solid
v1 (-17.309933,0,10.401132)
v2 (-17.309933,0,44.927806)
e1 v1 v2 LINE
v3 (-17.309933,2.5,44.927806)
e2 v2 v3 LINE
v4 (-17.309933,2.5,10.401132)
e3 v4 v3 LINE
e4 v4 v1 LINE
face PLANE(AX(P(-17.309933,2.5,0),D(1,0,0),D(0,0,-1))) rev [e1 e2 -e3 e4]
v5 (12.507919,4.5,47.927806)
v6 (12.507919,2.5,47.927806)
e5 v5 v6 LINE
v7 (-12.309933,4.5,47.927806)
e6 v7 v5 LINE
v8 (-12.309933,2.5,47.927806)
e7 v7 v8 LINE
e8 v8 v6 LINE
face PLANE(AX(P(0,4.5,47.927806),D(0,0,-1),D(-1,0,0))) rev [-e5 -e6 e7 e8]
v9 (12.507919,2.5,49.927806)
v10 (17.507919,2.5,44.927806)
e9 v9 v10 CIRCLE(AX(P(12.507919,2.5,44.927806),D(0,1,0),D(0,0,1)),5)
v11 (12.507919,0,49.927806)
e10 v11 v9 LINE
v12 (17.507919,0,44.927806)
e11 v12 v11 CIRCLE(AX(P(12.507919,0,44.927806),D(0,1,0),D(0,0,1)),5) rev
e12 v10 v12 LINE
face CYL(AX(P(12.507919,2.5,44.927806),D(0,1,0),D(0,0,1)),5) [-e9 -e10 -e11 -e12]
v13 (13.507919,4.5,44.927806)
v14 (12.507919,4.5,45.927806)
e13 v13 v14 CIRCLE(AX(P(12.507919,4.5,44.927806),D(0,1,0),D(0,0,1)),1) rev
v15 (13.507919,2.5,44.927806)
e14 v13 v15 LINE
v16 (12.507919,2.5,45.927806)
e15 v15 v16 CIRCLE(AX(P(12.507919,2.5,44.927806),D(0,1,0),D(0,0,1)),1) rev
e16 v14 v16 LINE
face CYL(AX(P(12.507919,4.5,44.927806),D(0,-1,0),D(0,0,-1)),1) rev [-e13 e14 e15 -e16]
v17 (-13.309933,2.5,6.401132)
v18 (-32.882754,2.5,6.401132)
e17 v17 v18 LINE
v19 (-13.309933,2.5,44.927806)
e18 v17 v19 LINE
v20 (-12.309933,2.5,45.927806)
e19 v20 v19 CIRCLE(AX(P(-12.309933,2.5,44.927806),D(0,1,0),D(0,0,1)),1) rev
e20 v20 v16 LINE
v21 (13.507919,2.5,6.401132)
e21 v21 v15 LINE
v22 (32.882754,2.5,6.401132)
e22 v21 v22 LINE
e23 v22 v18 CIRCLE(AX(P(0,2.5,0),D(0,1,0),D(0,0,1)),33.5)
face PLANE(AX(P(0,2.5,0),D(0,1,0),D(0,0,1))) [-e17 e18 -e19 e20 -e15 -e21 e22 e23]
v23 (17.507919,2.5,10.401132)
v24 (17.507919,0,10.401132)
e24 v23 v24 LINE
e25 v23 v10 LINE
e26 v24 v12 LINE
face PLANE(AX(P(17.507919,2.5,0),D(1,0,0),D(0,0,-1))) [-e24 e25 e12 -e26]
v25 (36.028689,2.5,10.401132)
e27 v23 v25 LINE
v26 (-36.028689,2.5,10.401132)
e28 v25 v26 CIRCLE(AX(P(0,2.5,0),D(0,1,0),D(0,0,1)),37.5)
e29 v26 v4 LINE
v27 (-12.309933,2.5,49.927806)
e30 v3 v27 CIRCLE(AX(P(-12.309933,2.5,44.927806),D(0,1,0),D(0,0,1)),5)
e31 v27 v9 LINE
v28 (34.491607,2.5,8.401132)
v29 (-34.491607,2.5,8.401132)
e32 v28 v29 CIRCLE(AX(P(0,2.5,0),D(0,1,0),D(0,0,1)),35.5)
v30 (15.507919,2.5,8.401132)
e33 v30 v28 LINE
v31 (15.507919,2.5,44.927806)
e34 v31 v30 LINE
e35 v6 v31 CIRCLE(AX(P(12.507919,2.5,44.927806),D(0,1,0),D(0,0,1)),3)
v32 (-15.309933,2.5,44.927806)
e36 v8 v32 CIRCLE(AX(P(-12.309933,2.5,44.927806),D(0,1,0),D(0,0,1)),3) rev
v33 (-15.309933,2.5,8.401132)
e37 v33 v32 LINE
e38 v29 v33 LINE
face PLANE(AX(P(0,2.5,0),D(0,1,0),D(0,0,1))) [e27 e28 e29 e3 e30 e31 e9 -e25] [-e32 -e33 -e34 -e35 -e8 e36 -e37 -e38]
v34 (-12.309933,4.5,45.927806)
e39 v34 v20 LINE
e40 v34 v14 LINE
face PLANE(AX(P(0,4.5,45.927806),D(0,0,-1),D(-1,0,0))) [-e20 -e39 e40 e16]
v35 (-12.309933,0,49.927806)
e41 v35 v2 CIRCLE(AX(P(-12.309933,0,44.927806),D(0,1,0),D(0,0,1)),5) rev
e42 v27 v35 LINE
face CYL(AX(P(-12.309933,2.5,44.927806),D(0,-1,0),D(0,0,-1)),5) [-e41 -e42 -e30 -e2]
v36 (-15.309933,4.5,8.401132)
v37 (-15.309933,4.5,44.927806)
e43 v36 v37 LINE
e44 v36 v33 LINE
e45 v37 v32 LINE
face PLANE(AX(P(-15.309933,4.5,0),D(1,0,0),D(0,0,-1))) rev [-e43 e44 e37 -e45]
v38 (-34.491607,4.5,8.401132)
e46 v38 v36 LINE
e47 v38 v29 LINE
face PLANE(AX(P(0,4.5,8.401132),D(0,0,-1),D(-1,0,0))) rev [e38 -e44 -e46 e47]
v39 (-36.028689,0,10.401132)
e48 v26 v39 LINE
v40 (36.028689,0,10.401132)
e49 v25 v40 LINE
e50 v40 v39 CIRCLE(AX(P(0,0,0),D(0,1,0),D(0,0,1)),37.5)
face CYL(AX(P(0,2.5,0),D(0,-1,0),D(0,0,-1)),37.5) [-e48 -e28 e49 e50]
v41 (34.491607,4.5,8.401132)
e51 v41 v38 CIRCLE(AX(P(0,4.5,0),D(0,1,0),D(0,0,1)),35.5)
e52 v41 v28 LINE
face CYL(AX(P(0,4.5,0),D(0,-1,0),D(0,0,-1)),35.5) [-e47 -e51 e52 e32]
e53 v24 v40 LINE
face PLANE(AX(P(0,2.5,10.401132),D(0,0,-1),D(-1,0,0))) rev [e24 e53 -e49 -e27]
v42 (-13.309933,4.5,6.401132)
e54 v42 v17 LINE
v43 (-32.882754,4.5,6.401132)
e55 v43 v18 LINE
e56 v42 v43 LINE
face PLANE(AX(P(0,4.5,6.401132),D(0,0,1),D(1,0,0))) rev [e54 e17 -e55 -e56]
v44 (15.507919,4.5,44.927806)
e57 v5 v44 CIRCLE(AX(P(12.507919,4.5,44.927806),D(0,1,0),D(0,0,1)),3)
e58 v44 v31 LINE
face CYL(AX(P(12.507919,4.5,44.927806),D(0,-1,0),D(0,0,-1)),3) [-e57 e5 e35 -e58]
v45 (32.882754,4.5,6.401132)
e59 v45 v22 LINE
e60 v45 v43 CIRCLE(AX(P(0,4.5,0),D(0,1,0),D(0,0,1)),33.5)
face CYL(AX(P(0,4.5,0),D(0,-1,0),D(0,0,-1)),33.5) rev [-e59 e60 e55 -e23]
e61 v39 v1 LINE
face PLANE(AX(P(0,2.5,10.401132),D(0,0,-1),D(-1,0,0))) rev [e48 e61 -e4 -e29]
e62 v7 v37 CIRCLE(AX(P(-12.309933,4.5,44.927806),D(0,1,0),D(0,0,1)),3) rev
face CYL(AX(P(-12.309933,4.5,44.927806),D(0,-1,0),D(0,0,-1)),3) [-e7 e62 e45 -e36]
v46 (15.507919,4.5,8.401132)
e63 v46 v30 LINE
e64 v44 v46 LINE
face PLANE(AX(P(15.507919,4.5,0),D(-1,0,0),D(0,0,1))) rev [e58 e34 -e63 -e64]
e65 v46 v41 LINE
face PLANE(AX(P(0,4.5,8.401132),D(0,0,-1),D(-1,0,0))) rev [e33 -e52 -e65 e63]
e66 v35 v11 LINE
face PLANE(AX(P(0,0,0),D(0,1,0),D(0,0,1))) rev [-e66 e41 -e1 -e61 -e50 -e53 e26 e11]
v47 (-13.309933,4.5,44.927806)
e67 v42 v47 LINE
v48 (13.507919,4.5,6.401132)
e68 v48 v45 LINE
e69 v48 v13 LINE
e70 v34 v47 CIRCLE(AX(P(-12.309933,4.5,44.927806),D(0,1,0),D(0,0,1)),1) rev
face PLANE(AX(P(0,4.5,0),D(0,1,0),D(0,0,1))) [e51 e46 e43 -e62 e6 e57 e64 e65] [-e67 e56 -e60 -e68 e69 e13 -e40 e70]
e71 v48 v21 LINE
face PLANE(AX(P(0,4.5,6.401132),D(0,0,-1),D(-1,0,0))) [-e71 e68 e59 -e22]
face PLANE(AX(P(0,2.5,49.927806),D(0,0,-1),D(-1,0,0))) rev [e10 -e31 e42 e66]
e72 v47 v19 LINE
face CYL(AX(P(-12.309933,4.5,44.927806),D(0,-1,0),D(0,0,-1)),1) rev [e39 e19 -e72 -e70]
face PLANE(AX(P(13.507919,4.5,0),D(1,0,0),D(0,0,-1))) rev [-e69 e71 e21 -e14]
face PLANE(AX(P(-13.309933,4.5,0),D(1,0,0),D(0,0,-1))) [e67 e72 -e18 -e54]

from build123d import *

# Parameters (mm, degrees)
SALIENTE_EXTRUIR1_DEPTH = 2.5
REDONDEO1_R             = 5
REDONDEO2_R             = 5
SALIENTE_EXTRUIR3_DEPTH = 2


with BuildPart() as part:
    # Croquis1 → Saliente-Extruir1 (new body)
    with BuildSketch(Plane(origin=(0, 0, 0), x_dir=(1, 0, 0), z_dir=(0, 1, 0))):
        with BuildLine():
            Line((-36.028689226, -10.401132279), (-17.309933046, -10.401132279))
            Line((-17.309933046, -10.401132279), (-17.309933046, -49.927805962))
            Line((-17.309933046, -49.927805962), (17.507919263, -49.927805962))
            Line((17.507919263, -49.927805962), (17.507919263, -10.401132279))
            Line((17.507919263, -10.401132279), (36.028689226, -10.401132279))
            ThreePointArc((36.028689226, -10.401132279), (0, 37.5), (-36.028689226, -10.401132279))
        make_face()
    extrude(amount=SALIENTE_EXTRUIR1_DEPTH)

    # Redondeo1
    redondeo1_edges = [part.edges().sort_by_distance(p)[0] for p in [
        (-17.309933046, 1.25, 49.927805962),
    ]]
    fillet(redondeo1_edges, radius=REDONDEO1_R)

    # Redondeo2
    redondeo2_edges = [part.edges().sort_by_distance(p)[0] for p in [
        (17.507919263, 1.25, 49.927805962),
    ]]
    fillet(redondeo2_edges, radius=REDONDEO2_R)

    # Croquis2 → Saliente-Extruir3 (add)
    with BuildSketch(Plane(origin=(0, 2.5, 0), x_dir=(1, 0, 0), z_dir=(0, 1, 0))):
        with BuildLine():
            ThreePointArc((-32.429476968, -8.401132279), (-32.671422926, -7.404601543), (-32.882753923, -6.401132279))
            Line((-32.882753923, -6.401132279), (-34.918125745, -6.401132279))
            ThreePointArc((-34.918125745, -6.401132279), (-34.719270751, -7.40420411), (-34.491607333, -8.401132279))
            Line((-34.491607333, -8.401132279), (-32.429476968, -8.401132279))
        make_face()
        with BuildLine():
            Line((17.507919263, -6.401132279), (13.507919263, -6.401132279))
            Line((13.507919263, -6.401132279), (13.507919263, -8.401132279))
            Line((13.507919263, -8.401132279), (13.507919263, -44.927805962))
            ThreePointArc((13.507919263, -44.927805962), (13.215026044, -45.634912744), (12.507919263, -45.927805962))
            Line((12.507919263, -45.927805962), (-12.309933046, -45.927805962))
            ThreePointArc((-12.309933046, -45.927805962), (-13.017039827, -45.634912744), (-13.309933046, -44.927805962))
            Line((-13.309933046, -44.927805962), (-13.309933046, -10.401132279))
            Line((-13.309933046, -10.401132279), (-13.309933046, -6.401132279))
            Line((-13.309933046, -6.401132279), (-17.309933046, -6.401132279))
            Line((-17.309933046, -6.401132279), (-32.882753923, -6.401132279))
            ThreePointArc((-32.882753923, -6.401132279), (-32.671422926, -7.404601543), (-32.429476968, -8.401132279))
            Line((-32.429476968, -8.401132279), (-17.309933046, -8.401132279))
            Line((-17.309933046, -8.401132279), (-15.309933046, -8.401132279))
            Line((-15.309933046, -8.401132279), (-15.309933046, -10.401132279))
            Line((-15.309933046, -10.401132279), (-15.309933046, -44.927805962))
            ThreePointArc((-15.309933046, -44.927805962), (-14.43125339, -47.049126306), (-12.309933046, -47.927805962))
            Line((-12.309933046, -47.927805962), (12.507919263, -47.927805962))
            ThreePointArc((12.507919263, -47.927805962), (14.629239607, -47.049126306), (15.507919263, -44.927805962))
            Line((15.507919263, -44.927805962), (15.507919263, -8.401132279))
            Line((15.507919263, -8.401132279), (17.507919263, -8.401132279))
            Line((17.507919263, -8.401132279), (32.429476968, -8.401132279))
            ThreePointArc((32.429476968, -8.401132279), (32.671422926, -7.404601543), (32.882753923, -6.401132279))
            Line((32.882753923, -6.401132279), (17.507919263, -6.401132279))
        make_face()
        with BuildLine():
            Line((34.918125745, -6.401132279), (32.882753923, -6.401132279))
            ThreePointArc((32.882753923, -6.401132279), (32.671422926, -7.404601543), (32.429476968, -8.401132279))
            Line((32.429476968, -8.401132279), (34.491607333, -8.401132279))
            ThreePointArc((34.491607333, -8.401132279), (34.719270751, -7.40420411), (34.918125745, -6.401132279))
        make_face()
        with BuildLine():
            ThreePointArc((-32.882753923, -6.401132279), (0, 33.5), (32.882753923, -6.401132279))
            Line((32.882753923, -6.401132279), (34.918125745, -6.401132279))
            ThreePointArc((34.918125745, -6.401132279), (0, 35.5), (-34.918125745, -6.401132279))
            Line((-34.918125745, -6.401132279), (-32.882753923, -6.401132279))
        make_face()
    extrude(amount=SALIENTE_EXTRUIR3_DEPTH)


solid = part.part
